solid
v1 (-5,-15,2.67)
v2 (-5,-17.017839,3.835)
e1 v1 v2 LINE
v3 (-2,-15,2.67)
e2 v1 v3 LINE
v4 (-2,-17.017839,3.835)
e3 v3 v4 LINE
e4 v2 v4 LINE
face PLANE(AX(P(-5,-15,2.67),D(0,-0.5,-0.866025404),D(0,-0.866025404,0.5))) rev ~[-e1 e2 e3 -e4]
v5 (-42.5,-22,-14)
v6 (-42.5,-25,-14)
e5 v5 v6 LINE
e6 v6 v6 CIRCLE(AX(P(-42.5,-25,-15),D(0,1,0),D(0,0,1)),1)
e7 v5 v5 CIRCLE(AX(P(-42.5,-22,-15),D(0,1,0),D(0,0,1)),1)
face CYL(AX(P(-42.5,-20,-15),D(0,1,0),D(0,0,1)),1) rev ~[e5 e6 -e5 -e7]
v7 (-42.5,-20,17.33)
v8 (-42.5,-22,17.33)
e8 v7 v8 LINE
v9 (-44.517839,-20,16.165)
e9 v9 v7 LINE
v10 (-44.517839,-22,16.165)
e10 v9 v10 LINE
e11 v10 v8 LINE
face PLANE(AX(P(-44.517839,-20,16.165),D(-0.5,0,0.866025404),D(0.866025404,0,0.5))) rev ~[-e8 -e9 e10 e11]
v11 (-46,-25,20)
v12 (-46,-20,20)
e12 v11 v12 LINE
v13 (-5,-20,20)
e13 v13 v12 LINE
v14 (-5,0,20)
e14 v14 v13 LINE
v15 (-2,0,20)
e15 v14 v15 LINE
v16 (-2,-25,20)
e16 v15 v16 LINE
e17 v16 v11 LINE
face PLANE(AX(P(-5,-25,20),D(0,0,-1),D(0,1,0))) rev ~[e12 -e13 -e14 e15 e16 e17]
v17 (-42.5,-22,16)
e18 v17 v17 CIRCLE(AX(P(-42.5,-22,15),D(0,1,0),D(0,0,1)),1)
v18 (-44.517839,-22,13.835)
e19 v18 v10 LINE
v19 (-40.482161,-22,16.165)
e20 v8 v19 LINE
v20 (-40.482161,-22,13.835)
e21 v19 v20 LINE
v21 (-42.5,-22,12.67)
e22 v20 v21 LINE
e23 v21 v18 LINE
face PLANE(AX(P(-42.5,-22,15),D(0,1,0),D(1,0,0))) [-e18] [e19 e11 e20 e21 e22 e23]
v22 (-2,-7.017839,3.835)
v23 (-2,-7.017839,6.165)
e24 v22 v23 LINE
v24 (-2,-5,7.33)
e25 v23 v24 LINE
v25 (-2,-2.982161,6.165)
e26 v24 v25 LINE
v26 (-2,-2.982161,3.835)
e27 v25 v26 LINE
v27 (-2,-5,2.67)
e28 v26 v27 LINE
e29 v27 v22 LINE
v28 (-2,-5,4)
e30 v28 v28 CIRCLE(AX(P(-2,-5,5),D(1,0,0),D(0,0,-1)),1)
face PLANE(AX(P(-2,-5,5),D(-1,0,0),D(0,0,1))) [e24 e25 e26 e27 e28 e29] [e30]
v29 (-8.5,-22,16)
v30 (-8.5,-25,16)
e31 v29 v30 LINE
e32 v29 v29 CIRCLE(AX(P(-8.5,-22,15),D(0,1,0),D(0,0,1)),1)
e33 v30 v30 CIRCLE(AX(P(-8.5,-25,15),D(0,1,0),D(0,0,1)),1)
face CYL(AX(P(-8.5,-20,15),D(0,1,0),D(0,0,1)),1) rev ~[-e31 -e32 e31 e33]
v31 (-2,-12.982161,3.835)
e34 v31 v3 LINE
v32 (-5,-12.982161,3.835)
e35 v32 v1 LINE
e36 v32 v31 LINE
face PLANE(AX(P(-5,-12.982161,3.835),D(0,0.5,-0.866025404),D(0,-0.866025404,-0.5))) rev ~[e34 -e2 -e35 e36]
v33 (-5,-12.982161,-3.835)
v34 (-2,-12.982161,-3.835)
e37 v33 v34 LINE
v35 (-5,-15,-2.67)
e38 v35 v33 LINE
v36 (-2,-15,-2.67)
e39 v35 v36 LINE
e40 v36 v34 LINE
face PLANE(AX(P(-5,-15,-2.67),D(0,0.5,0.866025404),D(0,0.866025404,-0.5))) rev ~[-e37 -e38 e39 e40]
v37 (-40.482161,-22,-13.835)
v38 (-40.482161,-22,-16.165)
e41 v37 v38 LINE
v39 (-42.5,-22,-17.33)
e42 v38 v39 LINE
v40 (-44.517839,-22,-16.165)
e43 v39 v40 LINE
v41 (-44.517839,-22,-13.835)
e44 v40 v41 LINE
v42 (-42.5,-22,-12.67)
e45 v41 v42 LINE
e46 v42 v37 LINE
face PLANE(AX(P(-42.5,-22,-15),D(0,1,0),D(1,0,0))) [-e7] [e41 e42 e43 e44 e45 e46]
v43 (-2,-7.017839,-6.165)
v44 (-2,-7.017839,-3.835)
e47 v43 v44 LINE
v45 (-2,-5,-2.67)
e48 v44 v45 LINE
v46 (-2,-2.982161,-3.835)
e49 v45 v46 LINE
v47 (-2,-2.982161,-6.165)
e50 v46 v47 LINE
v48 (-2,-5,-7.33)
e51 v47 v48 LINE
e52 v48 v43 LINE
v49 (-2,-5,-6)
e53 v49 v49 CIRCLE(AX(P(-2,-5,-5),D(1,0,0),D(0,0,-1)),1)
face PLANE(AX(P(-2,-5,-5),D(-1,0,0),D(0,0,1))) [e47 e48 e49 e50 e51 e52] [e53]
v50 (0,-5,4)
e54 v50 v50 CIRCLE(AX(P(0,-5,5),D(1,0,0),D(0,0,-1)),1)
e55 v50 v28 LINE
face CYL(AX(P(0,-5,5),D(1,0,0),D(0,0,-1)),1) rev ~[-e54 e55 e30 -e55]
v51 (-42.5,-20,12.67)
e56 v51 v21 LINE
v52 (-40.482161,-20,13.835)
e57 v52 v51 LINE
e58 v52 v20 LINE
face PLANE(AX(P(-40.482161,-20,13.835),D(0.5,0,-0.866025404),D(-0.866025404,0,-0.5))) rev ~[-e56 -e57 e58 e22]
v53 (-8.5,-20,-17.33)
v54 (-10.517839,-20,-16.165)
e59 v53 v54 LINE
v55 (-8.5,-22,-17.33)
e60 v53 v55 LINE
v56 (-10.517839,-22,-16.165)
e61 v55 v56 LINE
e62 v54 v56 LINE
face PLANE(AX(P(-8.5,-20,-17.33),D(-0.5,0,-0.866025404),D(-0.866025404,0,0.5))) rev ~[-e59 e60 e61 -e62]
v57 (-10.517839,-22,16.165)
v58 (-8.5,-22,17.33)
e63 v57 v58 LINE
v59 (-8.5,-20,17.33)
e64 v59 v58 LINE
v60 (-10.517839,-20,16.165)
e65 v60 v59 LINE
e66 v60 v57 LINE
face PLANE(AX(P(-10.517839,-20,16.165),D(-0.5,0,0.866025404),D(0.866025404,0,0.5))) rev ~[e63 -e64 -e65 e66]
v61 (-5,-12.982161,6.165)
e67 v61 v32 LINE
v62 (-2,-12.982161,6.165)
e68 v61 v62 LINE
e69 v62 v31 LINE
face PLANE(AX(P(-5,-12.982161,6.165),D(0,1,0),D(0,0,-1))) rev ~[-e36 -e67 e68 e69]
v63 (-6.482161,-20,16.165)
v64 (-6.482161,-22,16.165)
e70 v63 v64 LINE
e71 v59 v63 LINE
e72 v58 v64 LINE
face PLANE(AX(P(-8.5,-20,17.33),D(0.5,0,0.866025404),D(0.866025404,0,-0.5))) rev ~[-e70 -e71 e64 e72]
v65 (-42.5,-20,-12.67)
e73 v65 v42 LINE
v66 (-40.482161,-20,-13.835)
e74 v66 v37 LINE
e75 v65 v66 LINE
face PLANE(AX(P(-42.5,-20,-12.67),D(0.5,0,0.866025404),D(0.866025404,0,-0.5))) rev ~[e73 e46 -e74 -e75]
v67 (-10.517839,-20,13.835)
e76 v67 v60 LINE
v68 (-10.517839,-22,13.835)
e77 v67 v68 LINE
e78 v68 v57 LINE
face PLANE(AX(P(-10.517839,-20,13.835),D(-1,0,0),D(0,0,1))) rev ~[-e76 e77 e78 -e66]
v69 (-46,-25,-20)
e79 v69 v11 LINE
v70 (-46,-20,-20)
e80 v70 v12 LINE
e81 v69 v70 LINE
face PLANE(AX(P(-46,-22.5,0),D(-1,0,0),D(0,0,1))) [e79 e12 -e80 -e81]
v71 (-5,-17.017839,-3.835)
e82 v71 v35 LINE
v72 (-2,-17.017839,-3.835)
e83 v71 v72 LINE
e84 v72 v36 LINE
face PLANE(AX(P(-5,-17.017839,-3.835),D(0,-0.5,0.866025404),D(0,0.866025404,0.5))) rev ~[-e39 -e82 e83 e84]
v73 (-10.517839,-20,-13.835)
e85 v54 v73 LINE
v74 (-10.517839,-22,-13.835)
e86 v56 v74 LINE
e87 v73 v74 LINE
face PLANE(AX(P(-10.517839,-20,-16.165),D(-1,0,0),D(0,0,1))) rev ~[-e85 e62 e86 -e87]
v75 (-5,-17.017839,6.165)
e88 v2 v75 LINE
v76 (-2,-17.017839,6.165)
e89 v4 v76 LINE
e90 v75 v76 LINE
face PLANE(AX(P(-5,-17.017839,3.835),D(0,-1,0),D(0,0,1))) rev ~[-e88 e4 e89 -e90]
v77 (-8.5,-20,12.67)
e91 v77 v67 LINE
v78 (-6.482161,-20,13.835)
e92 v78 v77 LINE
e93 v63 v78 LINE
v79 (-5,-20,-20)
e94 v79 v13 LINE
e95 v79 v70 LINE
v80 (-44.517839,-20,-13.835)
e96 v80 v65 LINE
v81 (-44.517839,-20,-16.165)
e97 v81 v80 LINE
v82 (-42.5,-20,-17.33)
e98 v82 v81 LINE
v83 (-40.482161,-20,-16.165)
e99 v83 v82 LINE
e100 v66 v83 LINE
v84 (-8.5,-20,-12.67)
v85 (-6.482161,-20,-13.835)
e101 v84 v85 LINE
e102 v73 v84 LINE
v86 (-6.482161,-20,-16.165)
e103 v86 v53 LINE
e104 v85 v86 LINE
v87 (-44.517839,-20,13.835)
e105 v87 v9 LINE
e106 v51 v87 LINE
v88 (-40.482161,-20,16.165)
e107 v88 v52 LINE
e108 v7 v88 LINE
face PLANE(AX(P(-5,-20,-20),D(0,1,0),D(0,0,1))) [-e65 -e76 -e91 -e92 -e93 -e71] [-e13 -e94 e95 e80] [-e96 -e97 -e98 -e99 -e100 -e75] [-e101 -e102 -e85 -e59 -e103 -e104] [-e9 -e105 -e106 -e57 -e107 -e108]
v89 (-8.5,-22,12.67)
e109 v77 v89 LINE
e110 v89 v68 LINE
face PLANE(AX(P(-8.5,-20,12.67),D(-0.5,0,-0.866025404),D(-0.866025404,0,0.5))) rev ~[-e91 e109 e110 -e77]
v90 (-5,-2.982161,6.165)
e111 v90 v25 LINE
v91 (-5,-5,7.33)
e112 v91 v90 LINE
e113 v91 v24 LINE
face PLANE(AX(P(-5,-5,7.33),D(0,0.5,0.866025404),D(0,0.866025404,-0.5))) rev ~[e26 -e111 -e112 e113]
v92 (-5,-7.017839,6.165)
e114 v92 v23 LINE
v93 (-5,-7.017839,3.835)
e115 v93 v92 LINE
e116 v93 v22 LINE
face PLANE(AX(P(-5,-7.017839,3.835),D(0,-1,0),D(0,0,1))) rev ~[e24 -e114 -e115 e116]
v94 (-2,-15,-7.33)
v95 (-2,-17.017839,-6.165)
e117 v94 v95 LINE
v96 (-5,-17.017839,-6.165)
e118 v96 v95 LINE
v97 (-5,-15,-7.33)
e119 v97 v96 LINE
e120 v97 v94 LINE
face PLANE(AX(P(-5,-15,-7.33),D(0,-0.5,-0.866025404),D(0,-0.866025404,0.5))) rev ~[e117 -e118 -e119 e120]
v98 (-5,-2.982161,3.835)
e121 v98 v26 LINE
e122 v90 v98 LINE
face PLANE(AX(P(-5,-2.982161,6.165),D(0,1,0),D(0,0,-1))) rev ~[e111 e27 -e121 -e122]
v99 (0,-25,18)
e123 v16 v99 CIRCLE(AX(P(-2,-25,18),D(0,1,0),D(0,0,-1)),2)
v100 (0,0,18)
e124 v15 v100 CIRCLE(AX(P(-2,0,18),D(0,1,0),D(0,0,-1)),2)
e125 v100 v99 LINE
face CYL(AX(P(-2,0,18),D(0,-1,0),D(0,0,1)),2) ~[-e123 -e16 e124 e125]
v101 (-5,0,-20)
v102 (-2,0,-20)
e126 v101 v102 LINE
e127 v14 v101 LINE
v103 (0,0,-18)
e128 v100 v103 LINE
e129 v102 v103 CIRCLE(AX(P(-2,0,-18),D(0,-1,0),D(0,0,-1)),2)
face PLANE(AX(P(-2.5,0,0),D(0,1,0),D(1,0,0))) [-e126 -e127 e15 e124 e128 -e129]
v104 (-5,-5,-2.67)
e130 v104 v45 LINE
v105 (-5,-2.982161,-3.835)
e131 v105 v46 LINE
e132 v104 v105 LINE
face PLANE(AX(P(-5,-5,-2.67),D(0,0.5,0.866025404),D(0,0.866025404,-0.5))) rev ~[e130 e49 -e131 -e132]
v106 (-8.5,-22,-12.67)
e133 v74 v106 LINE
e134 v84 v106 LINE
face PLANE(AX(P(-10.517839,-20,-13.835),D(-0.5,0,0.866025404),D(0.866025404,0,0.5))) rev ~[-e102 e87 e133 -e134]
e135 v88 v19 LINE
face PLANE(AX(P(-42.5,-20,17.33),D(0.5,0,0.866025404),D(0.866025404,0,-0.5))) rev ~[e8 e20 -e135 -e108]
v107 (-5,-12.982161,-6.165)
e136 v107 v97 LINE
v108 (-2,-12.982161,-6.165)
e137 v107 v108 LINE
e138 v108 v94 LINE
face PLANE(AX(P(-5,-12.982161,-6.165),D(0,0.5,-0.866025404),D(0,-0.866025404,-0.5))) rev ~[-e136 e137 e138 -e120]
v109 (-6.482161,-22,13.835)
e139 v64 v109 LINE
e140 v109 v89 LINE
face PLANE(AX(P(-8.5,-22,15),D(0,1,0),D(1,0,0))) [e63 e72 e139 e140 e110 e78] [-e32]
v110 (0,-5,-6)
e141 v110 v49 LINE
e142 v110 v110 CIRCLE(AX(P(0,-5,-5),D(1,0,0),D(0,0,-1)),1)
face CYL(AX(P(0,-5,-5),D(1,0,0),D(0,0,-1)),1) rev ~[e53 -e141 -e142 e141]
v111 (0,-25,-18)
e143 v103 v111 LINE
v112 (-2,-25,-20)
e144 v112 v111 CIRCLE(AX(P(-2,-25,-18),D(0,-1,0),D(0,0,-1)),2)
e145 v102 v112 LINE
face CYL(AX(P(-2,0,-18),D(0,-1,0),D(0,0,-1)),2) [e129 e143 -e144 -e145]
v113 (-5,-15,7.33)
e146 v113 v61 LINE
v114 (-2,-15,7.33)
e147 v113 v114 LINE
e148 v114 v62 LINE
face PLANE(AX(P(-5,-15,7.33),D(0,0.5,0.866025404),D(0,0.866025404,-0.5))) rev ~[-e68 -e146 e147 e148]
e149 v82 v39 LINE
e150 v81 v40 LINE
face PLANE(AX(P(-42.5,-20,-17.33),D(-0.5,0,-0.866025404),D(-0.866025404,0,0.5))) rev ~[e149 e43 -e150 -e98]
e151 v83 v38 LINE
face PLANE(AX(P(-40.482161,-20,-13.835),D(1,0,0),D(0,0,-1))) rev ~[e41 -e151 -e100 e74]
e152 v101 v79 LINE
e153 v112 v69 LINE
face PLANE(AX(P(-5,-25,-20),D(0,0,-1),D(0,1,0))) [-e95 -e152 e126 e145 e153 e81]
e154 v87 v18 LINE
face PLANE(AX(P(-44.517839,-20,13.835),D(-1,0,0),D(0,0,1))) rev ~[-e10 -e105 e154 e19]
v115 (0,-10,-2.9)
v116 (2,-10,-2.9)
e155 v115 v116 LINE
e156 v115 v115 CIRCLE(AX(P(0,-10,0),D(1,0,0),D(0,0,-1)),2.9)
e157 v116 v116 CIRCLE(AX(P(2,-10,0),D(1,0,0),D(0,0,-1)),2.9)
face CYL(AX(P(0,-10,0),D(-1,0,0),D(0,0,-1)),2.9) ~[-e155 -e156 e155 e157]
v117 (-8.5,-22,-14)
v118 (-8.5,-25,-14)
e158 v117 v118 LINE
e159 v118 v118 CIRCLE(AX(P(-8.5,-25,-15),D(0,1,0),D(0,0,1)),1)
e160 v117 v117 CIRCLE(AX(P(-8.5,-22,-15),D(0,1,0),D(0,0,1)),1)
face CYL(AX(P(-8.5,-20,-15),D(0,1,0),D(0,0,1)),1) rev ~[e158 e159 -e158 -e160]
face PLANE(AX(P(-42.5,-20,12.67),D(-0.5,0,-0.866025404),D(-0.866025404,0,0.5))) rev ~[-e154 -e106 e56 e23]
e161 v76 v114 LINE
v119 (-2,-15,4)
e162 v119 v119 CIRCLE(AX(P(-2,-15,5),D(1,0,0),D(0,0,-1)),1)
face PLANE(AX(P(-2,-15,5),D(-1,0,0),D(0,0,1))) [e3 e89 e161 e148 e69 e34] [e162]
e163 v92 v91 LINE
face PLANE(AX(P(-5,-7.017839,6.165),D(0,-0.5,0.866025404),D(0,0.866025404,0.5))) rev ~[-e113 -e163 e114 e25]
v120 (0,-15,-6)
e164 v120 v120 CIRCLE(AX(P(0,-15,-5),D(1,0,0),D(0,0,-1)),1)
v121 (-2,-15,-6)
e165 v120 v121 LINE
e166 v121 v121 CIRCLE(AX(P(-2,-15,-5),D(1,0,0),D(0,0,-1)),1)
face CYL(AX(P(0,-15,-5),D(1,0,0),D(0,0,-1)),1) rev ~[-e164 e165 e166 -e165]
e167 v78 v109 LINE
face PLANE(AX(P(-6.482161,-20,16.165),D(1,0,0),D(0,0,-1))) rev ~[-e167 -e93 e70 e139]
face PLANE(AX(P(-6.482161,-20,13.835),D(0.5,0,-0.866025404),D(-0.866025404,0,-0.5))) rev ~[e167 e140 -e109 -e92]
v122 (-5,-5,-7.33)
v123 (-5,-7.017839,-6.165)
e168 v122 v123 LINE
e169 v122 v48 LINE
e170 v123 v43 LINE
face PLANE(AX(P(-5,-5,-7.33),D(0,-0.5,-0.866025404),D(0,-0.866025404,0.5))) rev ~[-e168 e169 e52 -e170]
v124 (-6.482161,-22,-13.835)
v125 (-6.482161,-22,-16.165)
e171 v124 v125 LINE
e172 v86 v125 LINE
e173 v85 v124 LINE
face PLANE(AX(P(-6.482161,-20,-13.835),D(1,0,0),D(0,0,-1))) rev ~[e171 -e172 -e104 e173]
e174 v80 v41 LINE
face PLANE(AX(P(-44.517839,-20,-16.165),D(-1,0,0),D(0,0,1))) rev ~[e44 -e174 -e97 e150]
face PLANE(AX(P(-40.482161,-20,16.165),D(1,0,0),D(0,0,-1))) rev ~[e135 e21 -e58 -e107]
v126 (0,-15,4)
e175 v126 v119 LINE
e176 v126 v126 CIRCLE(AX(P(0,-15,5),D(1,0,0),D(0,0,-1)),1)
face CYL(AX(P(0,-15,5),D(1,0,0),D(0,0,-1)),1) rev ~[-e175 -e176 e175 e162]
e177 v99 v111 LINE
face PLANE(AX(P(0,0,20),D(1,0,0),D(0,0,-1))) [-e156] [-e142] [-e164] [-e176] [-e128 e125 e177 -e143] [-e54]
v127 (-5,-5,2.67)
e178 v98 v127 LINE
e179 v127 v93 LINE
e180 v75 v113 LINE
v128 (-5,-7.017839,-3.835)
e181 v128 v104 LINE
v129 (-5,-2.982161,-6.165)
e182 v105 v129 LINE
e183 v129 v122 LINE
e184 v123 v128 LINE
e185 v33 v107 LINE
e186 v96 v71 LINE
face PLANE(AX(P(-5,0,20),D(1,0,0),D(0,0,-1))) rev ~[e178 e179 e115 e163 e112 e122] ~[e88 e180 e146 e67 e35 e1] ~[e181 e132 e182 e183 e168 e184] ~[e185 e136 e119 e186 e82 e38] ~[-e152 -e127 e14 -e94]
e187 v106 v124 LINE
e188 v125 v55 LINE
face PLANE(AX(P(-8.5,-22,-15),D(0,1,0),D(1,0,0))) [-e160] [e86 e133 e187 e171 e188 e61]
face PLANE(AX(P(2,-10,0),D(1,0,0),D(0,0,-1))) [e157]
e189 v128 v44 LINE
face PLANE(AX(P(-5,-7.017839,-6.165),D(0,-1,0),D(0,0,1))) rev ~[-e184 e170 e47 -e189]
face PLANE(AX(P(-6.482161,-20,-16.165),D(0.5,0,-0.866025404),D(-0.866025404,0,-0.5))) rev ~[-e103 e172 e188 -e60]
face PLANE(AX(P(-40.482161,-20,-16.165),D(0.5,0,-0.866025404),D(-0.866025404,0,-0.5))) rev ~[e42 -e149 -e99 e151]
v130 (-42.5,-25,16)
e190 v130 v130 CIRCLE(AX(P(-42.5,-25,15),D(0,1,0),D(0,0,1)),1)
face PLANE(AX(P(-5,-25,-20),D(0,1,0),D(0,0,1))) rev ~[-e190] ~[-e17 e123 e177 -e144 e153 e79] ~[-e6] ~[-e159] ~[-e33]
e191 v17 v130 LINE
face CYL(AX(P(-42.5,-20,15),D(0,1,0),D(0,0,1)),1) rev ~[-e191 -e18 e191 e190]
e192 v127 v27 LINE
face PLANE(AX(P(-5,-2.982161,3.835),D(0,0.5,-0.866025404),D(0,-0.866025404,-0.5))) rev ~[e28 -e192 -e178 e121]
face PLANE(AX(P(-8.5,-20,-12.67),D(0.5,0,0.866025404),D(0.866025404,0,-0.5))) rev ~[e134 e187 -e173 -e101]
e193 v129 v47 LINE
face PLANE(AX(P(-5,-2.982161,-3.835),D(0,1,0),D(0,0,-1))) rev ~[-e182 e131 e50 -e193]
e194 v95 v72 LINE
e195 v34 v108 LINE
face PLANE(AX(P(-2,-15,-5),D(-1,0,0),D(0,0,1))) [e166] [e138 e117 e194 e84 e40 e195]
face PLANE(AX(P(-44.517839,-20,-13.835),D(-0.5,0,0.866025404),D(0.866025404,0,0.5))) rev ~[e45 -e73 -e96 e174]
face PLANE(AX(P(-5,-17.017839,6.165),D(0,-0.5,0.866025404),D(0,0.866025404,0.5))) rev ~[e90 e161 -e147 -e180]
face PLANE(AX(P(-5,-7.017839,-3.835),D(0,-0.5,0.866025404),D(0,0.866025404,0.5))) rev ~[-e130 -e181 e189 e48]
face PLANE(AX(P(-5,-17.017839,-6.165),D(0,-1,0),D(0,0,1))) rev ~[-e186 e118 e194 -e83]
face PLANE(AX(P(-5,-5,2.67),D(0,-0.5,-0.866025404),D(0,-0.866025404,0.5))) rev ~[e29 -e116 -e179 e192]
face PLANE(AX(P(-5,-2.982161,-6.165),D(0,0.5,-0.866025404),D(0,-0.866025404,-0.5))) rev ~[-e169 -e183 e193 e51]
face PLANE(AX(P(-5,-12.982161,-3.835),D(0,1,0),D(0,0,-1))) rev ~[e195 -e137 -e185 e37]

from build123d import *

# Parameters (mm, degrees)
ESQUISSE1_W             = 5
ESQUISSE1_H             = 40
BOSS_EXTRU_1_DEPTH      = 25
ESQUISSE2_W             = 40
ESQUISSE2_H             = 5
BOSS_EXTRU_2_DEPTH      = 41
CONG_1_R                = 2
ENL_V_MAT_EXTRU_1_REACH = 48
ESQUISSE4_R             = 1
ESQUISSE5_R             = 2.9
BOSS_EXTRU_3_DEPTH      = 2
ENL_V_MAT_EXTRU_3_DEPTH = 3
ESQUISSE9_R             = 1
ENL_V_MAT_EXTRU_5_DEPTH = 6
ENL_V_MAT_EXTRU_4_DEPTH = 2


with BuildPart() as part:
    # Esquisse1 → Boss.-Extru.1 (new body)
    with BuildSketch(Plane(origin=(0, 0, 0), x_dir=(1, 0, 0), z_dir=(0, 1, 0))):
        with Locations((-2.5, 0)):
            Rectangle(ESQUISSE1_W, ESQUISSE1_H)
    extrude(amount=-BOSS_EXTRU_1_DEPTH)

    # Esquisse2 → Boss.-Extru.2 (add)
    with BuildSketch(Plane.ZY.offset(5)):
        with Locations((0, -22.5)):
            Rectangle(ESQUISSE2_W, ESQUISSE2_H)
    extrude(amount=BOSS_EXTRU_2_DEPTH)

    # Congé1
    cong_1_edges = [part.edges().sort_by_distance(p)[0] for p in [
        (0, -12.5, 20),
        (0, -12.5, -20),
    ]]
    fillet(cong_1_edges, radius=CONG_1_R)

    # Esquisse4 → Enlèv. mat.-Extru.1 (cut, up to next)
    with BuildSketch(Plane(origin=(0, 0, 0), x_dir=(0, 0, -1), z_dir=(1, 0, 0)), mode=Mode.PRIVATE) as enl_v_mat_extru_1_sk1:
        with Locations((-5, -5)):
            Circle(ESQUISSE4_R)
    enl_v_mat_extru_1_tool1 = extrude(enl_v_mat_extru_1_sk1.sketch, amount=-ENL_V_MAT_EXTRU_1_REACH, mode=Mode.PRIVATE) & part.part
    add(enl_v_mat_extru_1_tool1.solids().sort_by_distance((0, -5, 5))[0], mode=Mode.SUBTRACT)
    # Esquisse4 → Enlèv. mat.-Extru.1 (cut, up to next)
    with BuildSketch(Plane(origin=(0, 0, 0), x_dir=(0, 0, -1), z_dir=(1, 0, 0)), mode=Mode.PRIVATE) as enl_v_mat_extru_1_sk2:
        with Locations((5, -5)):
            Circle(ESQUISSE4_R)
    enl_v_mat_extru_1_tool2 = extrude(enl_v_mat_extru_1_sk2.sketch, amount=-ENL_V_MAT_EXTRU_1_REACH, mode=Mode.PRIVATE) & part.part
    add(enl_v_mat_extru_1_tool2.solids().sort_by_distance((0, -5, -5))[0], mode=Mode.SUBTRACT)
    # Esquisse4 → Enlèv. mat.-Extru.1 (cut, up to next)
    with BuildSketch(Plane(origin=(0, 0, 0), x_dir=(0, 0, -1), z_dir=(1, 0, 0)), mode=Mode.PRIVATE) as enl_v_mat_extru_1_sk3:
        with Locations((-5, -15)):
            Circle(ESQUISSE4_R)
    enl_v_mat_extru_1_tool3 = extrude(enl_v_mat_extru_1_sk3.sketch, amount=-ENL_V_MAT_EXTRU_1_REACH, mode=Mode.PRIVATE) & part.part
    add(enl_v_mat_extru_1_tool3.solids().sort_by_distance((0, -15, 5))[0], mode=Mode.SUBTRACT)
    # Esquisse4 → Enlèv. mat.-Extru.1 (cut, up to next)
    with BuildSketch(Plane(origin=(0, 0, 0), x_dir=(0, 0, -1), z_dir=(1, 0, 0)), mode=Mode.PRIVATE) as enl_v_mat_extru_1_sk4:
        with Locations((5, -15)):
            Circle(ESQUISSE4_R)
    enl_v_mat_extru_1_tool4 = extrude(enl_v_mat_extru_1_sk4.sketch, amount=-ENL_V_MAT_EXTRU_1_REACH, mode=Mode.PRIVATE) & part.part
    add(enl_v_mat_extru_1_tool4.solids().sort_by_distance((0, -15, -5))[0], mode=Mode.SUBTRACT)

    # Esquisse5 → Boss.-Extru.3 (add)
    with BuildSketch(Plane(origin=(0, 0, 0), x_dir=(0, 0, -1), z_dir=(1, 0, 0))):
        with Locations((0, -10)):
            Circle(ESQUISSE5_R)
    extrude(amount=BOSS_EXTRU_3_DEPTH)

    # Esquisse7 → Enlèv. mat.-Extru.3 (cut)
    with BuildSketch(Plane.ZY.offset(5)):
        Polygon((-3.835, -7.017839191), (-2.67, -5), (-3.835, -2.982160809), (-6.165, -2.982160809), (-7.33, -5), (-6.165, -7.017839191), align=None)
        Polygon((3.835, -2.982160809), (2.67, -5), (3.835, -7.017839191), (6.165, -7.017839191), (7.33, -5), (6.165, -2.982160809), align=None)
        Polygon((-3.835, -17.017839191), (-2.67, -15), (-3.835, -12.982160809), (-6.165, -12.982160809), (-7.33, -15), (-6.165, -17.017839191), align=None)
        Polygon((7.33, -15), (6.165, -12.982160809), (3.835, -12.982160809), (2.67, -15), (3.835, -17.017839191), (6.165, -17.017839191), align=None)
    extrude(amount=-ENL_V_MAT_EXTRU_3_DEPTH, mode=Mode.SUBTRACT)

    # Esquisse9 → Enlèv. mat.-Extru.5 (cut, through all)
    with BuildSketch(Plane(origin=(0, -20, 0), x_dir=(1, 0, 0), z_dir=(0, 1, 0))):
        with Locations(Location((-8.5, 15, 0), (0, 0, 270))):  # turned: the seam where the file's is
            Circle(ESQUISSE9_R)
        with Locations(Location((-8.5, -15, 0), (0, 0, 270))):  # turned: the seam where the file's is
            Circle(ESQUISSE9_R)
        with Locations(Location((-42.5, -15, 0), (0, 0, 270))):  # turned: the seam where the file's is
            Circle(ESQUISSE9_R)
        with Locations(Location((-42.5, 15, 0), (0, 0, 270))):  # turned: the seam where the file's is
            Circle(ESQUISSE9_R)
    extrude(amount=-ENL_V_MAT_EXTRU_5_DEPTH, mode=Mode.SUBTRACT)

    # Esquisse8 → Enlèv. mat.-Extru.4 (cut)
    with BuildSketch(Plane(origin=(0, -20, 0), x_dir=(1, 0, 0), z_dir=(0, 1, 0))):
        Polygon((-10.517839191, 13.835), (-8.5, 12.67), (-6.482160809, 13.835), (-6.482160809, 16.165), (-8.5, 17.33), (-10.517839191, 16.165), align=None)
        Polygon((-10.517839191, -16.165), (-8.5, -17.33), (-6.482160809, -16.165), (-6.482160809, -13.835), (-8.5, -12.67), (-10.517839191, -13.835), align=None)
        Polygon((-44.517839191, -16.165), (-42.5, -17.33), (-40.482160809, -16.165), (-40.482160809, -13.835), (-42.5, -12.67), (-44.517839191, -13.835), align=None)
        Polygon((-42.5, 12.67), (-40.482160809, 13.835), (-40.482160809, 16.165), (-42.5, 17.33), (-44.517839191, 16.165), (-44.517839191, 13.835), align=None)
    extrude(amount=-ENL_V_MAT_EXTRU_4_DEPTH, mode=Mode.SUBTRACT)


solid = part.part
